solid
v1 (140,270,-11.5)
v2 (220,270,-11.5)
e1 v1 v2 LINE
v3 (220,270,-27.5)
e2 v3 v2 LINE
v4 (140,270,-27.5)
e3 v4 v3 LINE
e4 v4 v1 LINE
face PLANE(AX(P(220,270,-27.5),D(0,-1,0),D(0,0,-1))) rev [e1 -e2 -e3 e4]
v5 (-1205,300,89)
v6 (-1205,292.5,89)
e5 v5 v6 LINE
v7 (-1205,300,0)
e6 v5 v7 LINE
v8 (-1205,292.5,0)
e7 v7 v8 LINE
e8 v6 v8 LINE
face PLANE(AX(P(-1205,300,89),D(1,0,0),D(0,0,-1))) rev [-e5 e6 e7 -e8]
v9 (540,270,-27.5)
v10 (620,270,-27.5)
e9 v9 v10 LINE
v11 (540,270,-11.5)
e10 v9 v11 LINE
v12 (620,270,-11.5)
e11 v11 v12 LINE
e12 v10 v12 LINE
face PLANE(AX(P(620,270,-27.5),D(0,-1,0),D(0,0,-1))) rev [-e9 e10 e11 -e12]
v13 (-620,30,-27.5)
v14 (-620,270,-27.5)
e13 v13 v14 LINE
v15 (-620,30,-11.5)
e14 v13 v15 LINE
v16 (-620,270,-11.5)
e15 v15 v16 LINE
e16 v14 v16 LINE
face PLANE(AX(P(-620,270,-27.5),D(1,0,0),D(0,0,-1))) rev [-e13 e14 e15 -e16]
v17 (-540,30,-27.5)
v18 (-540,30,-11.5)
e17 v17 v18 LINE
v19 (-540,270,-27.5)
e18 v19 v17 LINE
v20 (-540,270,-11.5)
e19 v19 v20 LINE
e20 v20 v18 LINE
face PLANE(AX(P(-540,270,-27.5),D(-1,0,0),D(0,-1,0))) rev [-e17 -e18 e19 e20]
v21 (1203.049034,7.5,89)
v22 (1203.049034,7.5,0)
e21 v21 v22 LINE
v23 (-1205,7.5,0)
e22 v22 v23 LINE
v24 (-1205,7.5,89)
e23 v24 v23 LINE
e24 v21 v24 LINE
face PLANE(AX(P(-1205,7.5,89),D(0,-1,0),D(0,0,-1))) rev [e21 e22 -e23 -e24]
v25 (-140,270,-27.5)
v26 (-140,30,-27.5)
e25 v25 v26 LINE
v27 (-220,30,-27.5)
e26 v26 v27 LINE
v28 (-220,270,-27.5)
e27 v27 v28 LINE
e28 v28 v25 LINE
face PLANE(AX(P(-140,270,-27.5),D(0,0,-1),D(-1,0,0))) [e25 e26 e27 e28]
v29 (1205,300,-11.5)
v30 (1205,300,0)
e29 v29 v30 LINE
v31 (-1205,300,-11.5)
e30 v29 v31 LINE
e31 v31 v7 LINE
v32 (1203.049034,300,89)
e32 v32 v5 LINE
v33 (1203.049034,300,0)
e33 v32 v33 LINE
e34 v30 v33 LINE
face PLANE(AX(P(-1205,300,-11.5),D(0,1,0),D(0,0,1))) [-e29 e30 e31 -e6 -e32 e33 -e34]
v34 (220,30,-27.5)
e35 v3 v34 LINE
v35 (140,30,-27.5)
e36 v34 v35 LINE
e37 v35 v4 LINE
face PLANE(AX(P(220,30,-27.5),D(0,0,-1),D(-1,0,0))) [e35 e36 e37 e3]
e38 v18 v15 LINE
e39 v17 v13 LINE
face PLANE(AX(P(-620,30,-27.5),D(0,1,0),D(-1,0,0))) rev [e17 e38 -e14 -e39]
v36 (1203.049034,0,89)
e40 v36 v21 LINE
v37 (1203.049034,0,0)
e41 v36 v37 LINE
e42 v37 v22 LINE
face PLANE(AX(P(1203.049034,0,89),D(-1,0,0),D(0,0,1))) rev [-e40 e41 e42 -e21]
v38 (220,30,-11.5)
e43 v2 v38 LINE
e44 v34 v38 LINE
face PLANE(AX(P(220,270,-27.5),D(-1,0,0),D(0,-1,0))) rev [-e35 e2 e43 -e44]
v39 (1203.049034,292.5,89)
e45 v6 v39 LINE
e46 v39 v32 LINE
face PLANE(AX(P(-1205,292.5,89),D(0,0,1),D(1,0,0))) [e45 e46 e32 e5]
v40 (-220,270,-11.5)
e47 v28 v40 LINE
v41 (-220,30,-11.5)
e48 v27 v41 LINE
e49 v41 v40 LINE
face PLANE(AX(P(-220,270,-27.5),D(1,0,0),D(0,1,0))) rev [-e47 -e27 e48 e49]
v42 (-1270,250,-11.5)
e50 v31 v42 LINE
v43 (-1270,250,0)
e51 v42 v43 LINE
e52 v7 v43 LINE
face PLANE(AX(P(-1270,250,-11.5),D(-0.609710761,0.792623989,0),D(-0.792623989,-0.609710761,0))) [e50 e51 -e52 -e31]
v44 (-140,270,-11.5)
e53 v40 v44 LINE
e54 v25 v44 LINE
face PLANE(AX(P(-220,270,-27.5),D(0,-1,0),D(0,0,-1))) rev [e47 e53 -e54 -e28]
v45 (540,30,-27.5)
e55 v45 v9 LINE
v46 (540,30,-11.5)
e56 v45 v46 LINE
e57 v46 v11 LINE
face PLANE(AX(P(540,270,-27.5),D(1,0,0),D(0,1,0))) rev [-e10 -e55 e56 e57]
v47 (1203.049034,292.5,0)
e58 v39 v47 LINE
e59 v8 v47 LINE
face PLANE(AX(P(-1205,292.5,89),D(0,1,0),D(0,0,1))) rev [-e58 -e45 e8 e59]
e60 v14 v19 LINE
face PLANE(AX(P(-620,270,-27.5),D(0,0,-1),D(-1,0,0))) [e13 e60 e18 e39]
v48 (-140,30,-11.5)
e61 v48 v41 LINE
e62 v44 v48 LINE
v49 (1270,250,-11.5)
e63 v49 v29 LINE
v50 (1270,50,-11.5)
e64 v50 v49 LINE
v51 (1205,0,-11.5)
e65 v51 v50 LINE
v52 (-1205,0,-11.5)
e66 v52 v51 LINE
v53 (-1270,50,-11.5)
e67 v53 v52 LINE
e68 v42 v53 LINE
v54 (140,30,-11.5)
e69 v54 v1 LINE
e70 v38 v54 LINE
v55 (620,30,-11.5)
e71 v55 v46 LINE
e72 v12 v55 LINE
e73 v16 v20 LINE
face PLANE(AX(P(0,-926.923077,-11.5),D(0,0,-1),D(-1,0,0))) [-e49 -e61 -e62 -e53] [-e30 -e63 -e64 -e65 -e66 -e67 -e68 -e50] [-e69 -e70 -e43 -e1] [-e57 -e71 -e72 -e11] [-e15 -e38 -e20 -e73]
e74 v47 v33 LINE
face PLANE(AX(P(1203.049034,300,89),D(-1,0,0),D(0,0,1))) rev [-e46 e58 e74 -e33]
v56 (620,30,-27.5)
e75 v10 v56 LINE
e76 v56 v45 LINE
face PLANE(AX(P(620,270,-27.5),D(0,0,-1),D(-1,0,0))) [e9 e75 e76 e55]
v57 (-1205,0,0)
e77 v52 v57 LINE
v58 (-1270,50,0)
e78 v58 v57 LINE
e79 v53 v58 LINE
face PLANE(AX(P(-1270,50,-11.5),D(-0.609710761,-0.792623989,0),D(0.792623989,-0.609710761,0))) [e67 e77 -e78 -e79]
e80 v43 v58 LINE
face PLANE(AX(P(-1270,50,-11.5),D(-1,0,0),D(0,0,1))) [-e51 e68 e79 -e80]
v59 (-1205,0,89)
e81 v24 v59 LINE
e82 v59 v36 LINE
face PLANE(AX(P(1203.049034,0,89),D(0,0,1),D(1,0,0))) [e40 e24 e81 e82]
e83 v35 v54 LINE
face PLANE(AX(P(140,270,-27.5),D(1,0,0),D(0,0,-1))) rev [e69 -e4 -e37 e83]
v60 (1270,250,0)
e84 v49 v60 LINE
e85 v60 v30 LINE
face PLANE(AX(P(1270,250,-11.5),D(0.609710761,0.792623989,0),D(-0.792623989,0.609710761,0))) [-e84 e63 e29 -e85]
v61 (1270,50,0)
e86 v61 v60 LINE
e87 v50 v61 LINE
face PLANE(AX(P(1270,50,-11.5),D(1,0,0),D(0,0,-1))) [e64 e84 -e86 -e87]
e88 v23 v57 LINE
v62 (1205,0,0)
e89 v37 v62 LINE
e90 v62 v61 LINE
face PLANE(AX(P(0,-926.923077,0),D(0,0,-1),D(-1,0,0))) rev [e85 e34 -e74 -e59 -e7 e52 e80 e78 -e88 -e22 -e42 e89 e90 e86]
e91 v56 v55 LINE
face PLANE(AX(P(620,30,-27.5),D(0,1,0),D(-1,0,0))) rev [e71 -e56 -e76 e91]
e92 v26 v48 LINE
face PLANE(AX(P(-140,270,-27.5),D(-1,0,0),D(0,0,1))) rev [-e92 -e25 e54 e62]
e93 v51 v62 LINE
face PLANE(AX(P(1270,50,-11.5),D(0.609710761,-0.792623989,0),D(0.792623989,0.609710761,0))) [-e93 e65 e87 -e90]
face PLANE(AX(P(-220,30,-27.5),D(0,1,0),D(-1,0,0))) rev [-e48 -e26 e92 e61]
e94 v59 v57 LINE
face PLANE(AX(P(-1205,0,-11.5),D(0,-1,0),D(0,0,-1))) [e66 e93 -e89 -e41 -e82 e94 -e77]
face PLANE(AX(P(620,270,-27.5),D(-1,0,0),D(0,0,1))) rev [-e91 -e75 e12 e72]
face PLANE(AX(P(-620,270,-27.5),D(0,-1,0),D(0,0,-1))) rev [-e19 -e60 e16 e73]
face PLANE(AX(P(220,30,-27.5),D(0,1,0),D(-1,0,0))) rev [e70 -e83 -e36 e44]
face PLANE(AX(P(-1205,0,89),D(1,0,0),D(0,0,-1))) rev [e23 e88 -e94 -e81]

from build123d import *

# Parameters (mm, degrees)
EXTRUDE_663_DEPTH = 11.5
SKETCH_2_W        = 2408.049034164
SKETCH_2_H        = 7.5
EXTRUDE_1_DEPTH   = 89
SKETCH_3_W        = 80
SKETCH_3_H        = 240
EXTRUDE_2_DEPTH   = 16


with BuildPart() as part:
    # 草图1 → Extrude 663 (new body)
    with BuildSketch(Plane.XY):
        Polygon((-1205, 0), (1205, 0), (1270, 50), (1270, 250), (1205, 300), (-1205, 300), (-1270, 250), (-1270, 50), align=None)
    extrude(amount=-EXTRUDE_663_DEPTH)

    # 草图2 → 凸台-拉伸1 (add)
    with BuildSketch(Plane.XY):
        with Locations((-0.975482918, 296.25)):
            Rectangle(SKETCH_2_W, SKETCH_2_H)
        with Locations((-0.975482918, 3.75)):
            Rectangle(SKETCH_2_W, SKETCH_2_H)
    extrude(amount=EXTRUDE_1_DEPTH)

    # 草图3 → 凸台-拉伸2 (add)
    with BuildSketch(Plane(origin=(0, 0, -11.5), x_dir=(-1, 0, 0), z_dir=(0, 0, -1))):
        with Locations((-580, 150)):
            Rectangle(SKETCH_3_W, SKETCH_3_H)
        with Locations((-180, 150)):
            Rectangle(SKETCH_3_W, SKETCH_3_H)
        with Locations((180, 150)):
            Rectangle(SKETCH_3_W, SKETCH_3_H)
        with Locations((580, 150)):
            Rectangle(SKETCH_3_W, SKETCH_3_H)
    extrude(amount=EXTRUDE_2_DEPTH)


solid = part.part
